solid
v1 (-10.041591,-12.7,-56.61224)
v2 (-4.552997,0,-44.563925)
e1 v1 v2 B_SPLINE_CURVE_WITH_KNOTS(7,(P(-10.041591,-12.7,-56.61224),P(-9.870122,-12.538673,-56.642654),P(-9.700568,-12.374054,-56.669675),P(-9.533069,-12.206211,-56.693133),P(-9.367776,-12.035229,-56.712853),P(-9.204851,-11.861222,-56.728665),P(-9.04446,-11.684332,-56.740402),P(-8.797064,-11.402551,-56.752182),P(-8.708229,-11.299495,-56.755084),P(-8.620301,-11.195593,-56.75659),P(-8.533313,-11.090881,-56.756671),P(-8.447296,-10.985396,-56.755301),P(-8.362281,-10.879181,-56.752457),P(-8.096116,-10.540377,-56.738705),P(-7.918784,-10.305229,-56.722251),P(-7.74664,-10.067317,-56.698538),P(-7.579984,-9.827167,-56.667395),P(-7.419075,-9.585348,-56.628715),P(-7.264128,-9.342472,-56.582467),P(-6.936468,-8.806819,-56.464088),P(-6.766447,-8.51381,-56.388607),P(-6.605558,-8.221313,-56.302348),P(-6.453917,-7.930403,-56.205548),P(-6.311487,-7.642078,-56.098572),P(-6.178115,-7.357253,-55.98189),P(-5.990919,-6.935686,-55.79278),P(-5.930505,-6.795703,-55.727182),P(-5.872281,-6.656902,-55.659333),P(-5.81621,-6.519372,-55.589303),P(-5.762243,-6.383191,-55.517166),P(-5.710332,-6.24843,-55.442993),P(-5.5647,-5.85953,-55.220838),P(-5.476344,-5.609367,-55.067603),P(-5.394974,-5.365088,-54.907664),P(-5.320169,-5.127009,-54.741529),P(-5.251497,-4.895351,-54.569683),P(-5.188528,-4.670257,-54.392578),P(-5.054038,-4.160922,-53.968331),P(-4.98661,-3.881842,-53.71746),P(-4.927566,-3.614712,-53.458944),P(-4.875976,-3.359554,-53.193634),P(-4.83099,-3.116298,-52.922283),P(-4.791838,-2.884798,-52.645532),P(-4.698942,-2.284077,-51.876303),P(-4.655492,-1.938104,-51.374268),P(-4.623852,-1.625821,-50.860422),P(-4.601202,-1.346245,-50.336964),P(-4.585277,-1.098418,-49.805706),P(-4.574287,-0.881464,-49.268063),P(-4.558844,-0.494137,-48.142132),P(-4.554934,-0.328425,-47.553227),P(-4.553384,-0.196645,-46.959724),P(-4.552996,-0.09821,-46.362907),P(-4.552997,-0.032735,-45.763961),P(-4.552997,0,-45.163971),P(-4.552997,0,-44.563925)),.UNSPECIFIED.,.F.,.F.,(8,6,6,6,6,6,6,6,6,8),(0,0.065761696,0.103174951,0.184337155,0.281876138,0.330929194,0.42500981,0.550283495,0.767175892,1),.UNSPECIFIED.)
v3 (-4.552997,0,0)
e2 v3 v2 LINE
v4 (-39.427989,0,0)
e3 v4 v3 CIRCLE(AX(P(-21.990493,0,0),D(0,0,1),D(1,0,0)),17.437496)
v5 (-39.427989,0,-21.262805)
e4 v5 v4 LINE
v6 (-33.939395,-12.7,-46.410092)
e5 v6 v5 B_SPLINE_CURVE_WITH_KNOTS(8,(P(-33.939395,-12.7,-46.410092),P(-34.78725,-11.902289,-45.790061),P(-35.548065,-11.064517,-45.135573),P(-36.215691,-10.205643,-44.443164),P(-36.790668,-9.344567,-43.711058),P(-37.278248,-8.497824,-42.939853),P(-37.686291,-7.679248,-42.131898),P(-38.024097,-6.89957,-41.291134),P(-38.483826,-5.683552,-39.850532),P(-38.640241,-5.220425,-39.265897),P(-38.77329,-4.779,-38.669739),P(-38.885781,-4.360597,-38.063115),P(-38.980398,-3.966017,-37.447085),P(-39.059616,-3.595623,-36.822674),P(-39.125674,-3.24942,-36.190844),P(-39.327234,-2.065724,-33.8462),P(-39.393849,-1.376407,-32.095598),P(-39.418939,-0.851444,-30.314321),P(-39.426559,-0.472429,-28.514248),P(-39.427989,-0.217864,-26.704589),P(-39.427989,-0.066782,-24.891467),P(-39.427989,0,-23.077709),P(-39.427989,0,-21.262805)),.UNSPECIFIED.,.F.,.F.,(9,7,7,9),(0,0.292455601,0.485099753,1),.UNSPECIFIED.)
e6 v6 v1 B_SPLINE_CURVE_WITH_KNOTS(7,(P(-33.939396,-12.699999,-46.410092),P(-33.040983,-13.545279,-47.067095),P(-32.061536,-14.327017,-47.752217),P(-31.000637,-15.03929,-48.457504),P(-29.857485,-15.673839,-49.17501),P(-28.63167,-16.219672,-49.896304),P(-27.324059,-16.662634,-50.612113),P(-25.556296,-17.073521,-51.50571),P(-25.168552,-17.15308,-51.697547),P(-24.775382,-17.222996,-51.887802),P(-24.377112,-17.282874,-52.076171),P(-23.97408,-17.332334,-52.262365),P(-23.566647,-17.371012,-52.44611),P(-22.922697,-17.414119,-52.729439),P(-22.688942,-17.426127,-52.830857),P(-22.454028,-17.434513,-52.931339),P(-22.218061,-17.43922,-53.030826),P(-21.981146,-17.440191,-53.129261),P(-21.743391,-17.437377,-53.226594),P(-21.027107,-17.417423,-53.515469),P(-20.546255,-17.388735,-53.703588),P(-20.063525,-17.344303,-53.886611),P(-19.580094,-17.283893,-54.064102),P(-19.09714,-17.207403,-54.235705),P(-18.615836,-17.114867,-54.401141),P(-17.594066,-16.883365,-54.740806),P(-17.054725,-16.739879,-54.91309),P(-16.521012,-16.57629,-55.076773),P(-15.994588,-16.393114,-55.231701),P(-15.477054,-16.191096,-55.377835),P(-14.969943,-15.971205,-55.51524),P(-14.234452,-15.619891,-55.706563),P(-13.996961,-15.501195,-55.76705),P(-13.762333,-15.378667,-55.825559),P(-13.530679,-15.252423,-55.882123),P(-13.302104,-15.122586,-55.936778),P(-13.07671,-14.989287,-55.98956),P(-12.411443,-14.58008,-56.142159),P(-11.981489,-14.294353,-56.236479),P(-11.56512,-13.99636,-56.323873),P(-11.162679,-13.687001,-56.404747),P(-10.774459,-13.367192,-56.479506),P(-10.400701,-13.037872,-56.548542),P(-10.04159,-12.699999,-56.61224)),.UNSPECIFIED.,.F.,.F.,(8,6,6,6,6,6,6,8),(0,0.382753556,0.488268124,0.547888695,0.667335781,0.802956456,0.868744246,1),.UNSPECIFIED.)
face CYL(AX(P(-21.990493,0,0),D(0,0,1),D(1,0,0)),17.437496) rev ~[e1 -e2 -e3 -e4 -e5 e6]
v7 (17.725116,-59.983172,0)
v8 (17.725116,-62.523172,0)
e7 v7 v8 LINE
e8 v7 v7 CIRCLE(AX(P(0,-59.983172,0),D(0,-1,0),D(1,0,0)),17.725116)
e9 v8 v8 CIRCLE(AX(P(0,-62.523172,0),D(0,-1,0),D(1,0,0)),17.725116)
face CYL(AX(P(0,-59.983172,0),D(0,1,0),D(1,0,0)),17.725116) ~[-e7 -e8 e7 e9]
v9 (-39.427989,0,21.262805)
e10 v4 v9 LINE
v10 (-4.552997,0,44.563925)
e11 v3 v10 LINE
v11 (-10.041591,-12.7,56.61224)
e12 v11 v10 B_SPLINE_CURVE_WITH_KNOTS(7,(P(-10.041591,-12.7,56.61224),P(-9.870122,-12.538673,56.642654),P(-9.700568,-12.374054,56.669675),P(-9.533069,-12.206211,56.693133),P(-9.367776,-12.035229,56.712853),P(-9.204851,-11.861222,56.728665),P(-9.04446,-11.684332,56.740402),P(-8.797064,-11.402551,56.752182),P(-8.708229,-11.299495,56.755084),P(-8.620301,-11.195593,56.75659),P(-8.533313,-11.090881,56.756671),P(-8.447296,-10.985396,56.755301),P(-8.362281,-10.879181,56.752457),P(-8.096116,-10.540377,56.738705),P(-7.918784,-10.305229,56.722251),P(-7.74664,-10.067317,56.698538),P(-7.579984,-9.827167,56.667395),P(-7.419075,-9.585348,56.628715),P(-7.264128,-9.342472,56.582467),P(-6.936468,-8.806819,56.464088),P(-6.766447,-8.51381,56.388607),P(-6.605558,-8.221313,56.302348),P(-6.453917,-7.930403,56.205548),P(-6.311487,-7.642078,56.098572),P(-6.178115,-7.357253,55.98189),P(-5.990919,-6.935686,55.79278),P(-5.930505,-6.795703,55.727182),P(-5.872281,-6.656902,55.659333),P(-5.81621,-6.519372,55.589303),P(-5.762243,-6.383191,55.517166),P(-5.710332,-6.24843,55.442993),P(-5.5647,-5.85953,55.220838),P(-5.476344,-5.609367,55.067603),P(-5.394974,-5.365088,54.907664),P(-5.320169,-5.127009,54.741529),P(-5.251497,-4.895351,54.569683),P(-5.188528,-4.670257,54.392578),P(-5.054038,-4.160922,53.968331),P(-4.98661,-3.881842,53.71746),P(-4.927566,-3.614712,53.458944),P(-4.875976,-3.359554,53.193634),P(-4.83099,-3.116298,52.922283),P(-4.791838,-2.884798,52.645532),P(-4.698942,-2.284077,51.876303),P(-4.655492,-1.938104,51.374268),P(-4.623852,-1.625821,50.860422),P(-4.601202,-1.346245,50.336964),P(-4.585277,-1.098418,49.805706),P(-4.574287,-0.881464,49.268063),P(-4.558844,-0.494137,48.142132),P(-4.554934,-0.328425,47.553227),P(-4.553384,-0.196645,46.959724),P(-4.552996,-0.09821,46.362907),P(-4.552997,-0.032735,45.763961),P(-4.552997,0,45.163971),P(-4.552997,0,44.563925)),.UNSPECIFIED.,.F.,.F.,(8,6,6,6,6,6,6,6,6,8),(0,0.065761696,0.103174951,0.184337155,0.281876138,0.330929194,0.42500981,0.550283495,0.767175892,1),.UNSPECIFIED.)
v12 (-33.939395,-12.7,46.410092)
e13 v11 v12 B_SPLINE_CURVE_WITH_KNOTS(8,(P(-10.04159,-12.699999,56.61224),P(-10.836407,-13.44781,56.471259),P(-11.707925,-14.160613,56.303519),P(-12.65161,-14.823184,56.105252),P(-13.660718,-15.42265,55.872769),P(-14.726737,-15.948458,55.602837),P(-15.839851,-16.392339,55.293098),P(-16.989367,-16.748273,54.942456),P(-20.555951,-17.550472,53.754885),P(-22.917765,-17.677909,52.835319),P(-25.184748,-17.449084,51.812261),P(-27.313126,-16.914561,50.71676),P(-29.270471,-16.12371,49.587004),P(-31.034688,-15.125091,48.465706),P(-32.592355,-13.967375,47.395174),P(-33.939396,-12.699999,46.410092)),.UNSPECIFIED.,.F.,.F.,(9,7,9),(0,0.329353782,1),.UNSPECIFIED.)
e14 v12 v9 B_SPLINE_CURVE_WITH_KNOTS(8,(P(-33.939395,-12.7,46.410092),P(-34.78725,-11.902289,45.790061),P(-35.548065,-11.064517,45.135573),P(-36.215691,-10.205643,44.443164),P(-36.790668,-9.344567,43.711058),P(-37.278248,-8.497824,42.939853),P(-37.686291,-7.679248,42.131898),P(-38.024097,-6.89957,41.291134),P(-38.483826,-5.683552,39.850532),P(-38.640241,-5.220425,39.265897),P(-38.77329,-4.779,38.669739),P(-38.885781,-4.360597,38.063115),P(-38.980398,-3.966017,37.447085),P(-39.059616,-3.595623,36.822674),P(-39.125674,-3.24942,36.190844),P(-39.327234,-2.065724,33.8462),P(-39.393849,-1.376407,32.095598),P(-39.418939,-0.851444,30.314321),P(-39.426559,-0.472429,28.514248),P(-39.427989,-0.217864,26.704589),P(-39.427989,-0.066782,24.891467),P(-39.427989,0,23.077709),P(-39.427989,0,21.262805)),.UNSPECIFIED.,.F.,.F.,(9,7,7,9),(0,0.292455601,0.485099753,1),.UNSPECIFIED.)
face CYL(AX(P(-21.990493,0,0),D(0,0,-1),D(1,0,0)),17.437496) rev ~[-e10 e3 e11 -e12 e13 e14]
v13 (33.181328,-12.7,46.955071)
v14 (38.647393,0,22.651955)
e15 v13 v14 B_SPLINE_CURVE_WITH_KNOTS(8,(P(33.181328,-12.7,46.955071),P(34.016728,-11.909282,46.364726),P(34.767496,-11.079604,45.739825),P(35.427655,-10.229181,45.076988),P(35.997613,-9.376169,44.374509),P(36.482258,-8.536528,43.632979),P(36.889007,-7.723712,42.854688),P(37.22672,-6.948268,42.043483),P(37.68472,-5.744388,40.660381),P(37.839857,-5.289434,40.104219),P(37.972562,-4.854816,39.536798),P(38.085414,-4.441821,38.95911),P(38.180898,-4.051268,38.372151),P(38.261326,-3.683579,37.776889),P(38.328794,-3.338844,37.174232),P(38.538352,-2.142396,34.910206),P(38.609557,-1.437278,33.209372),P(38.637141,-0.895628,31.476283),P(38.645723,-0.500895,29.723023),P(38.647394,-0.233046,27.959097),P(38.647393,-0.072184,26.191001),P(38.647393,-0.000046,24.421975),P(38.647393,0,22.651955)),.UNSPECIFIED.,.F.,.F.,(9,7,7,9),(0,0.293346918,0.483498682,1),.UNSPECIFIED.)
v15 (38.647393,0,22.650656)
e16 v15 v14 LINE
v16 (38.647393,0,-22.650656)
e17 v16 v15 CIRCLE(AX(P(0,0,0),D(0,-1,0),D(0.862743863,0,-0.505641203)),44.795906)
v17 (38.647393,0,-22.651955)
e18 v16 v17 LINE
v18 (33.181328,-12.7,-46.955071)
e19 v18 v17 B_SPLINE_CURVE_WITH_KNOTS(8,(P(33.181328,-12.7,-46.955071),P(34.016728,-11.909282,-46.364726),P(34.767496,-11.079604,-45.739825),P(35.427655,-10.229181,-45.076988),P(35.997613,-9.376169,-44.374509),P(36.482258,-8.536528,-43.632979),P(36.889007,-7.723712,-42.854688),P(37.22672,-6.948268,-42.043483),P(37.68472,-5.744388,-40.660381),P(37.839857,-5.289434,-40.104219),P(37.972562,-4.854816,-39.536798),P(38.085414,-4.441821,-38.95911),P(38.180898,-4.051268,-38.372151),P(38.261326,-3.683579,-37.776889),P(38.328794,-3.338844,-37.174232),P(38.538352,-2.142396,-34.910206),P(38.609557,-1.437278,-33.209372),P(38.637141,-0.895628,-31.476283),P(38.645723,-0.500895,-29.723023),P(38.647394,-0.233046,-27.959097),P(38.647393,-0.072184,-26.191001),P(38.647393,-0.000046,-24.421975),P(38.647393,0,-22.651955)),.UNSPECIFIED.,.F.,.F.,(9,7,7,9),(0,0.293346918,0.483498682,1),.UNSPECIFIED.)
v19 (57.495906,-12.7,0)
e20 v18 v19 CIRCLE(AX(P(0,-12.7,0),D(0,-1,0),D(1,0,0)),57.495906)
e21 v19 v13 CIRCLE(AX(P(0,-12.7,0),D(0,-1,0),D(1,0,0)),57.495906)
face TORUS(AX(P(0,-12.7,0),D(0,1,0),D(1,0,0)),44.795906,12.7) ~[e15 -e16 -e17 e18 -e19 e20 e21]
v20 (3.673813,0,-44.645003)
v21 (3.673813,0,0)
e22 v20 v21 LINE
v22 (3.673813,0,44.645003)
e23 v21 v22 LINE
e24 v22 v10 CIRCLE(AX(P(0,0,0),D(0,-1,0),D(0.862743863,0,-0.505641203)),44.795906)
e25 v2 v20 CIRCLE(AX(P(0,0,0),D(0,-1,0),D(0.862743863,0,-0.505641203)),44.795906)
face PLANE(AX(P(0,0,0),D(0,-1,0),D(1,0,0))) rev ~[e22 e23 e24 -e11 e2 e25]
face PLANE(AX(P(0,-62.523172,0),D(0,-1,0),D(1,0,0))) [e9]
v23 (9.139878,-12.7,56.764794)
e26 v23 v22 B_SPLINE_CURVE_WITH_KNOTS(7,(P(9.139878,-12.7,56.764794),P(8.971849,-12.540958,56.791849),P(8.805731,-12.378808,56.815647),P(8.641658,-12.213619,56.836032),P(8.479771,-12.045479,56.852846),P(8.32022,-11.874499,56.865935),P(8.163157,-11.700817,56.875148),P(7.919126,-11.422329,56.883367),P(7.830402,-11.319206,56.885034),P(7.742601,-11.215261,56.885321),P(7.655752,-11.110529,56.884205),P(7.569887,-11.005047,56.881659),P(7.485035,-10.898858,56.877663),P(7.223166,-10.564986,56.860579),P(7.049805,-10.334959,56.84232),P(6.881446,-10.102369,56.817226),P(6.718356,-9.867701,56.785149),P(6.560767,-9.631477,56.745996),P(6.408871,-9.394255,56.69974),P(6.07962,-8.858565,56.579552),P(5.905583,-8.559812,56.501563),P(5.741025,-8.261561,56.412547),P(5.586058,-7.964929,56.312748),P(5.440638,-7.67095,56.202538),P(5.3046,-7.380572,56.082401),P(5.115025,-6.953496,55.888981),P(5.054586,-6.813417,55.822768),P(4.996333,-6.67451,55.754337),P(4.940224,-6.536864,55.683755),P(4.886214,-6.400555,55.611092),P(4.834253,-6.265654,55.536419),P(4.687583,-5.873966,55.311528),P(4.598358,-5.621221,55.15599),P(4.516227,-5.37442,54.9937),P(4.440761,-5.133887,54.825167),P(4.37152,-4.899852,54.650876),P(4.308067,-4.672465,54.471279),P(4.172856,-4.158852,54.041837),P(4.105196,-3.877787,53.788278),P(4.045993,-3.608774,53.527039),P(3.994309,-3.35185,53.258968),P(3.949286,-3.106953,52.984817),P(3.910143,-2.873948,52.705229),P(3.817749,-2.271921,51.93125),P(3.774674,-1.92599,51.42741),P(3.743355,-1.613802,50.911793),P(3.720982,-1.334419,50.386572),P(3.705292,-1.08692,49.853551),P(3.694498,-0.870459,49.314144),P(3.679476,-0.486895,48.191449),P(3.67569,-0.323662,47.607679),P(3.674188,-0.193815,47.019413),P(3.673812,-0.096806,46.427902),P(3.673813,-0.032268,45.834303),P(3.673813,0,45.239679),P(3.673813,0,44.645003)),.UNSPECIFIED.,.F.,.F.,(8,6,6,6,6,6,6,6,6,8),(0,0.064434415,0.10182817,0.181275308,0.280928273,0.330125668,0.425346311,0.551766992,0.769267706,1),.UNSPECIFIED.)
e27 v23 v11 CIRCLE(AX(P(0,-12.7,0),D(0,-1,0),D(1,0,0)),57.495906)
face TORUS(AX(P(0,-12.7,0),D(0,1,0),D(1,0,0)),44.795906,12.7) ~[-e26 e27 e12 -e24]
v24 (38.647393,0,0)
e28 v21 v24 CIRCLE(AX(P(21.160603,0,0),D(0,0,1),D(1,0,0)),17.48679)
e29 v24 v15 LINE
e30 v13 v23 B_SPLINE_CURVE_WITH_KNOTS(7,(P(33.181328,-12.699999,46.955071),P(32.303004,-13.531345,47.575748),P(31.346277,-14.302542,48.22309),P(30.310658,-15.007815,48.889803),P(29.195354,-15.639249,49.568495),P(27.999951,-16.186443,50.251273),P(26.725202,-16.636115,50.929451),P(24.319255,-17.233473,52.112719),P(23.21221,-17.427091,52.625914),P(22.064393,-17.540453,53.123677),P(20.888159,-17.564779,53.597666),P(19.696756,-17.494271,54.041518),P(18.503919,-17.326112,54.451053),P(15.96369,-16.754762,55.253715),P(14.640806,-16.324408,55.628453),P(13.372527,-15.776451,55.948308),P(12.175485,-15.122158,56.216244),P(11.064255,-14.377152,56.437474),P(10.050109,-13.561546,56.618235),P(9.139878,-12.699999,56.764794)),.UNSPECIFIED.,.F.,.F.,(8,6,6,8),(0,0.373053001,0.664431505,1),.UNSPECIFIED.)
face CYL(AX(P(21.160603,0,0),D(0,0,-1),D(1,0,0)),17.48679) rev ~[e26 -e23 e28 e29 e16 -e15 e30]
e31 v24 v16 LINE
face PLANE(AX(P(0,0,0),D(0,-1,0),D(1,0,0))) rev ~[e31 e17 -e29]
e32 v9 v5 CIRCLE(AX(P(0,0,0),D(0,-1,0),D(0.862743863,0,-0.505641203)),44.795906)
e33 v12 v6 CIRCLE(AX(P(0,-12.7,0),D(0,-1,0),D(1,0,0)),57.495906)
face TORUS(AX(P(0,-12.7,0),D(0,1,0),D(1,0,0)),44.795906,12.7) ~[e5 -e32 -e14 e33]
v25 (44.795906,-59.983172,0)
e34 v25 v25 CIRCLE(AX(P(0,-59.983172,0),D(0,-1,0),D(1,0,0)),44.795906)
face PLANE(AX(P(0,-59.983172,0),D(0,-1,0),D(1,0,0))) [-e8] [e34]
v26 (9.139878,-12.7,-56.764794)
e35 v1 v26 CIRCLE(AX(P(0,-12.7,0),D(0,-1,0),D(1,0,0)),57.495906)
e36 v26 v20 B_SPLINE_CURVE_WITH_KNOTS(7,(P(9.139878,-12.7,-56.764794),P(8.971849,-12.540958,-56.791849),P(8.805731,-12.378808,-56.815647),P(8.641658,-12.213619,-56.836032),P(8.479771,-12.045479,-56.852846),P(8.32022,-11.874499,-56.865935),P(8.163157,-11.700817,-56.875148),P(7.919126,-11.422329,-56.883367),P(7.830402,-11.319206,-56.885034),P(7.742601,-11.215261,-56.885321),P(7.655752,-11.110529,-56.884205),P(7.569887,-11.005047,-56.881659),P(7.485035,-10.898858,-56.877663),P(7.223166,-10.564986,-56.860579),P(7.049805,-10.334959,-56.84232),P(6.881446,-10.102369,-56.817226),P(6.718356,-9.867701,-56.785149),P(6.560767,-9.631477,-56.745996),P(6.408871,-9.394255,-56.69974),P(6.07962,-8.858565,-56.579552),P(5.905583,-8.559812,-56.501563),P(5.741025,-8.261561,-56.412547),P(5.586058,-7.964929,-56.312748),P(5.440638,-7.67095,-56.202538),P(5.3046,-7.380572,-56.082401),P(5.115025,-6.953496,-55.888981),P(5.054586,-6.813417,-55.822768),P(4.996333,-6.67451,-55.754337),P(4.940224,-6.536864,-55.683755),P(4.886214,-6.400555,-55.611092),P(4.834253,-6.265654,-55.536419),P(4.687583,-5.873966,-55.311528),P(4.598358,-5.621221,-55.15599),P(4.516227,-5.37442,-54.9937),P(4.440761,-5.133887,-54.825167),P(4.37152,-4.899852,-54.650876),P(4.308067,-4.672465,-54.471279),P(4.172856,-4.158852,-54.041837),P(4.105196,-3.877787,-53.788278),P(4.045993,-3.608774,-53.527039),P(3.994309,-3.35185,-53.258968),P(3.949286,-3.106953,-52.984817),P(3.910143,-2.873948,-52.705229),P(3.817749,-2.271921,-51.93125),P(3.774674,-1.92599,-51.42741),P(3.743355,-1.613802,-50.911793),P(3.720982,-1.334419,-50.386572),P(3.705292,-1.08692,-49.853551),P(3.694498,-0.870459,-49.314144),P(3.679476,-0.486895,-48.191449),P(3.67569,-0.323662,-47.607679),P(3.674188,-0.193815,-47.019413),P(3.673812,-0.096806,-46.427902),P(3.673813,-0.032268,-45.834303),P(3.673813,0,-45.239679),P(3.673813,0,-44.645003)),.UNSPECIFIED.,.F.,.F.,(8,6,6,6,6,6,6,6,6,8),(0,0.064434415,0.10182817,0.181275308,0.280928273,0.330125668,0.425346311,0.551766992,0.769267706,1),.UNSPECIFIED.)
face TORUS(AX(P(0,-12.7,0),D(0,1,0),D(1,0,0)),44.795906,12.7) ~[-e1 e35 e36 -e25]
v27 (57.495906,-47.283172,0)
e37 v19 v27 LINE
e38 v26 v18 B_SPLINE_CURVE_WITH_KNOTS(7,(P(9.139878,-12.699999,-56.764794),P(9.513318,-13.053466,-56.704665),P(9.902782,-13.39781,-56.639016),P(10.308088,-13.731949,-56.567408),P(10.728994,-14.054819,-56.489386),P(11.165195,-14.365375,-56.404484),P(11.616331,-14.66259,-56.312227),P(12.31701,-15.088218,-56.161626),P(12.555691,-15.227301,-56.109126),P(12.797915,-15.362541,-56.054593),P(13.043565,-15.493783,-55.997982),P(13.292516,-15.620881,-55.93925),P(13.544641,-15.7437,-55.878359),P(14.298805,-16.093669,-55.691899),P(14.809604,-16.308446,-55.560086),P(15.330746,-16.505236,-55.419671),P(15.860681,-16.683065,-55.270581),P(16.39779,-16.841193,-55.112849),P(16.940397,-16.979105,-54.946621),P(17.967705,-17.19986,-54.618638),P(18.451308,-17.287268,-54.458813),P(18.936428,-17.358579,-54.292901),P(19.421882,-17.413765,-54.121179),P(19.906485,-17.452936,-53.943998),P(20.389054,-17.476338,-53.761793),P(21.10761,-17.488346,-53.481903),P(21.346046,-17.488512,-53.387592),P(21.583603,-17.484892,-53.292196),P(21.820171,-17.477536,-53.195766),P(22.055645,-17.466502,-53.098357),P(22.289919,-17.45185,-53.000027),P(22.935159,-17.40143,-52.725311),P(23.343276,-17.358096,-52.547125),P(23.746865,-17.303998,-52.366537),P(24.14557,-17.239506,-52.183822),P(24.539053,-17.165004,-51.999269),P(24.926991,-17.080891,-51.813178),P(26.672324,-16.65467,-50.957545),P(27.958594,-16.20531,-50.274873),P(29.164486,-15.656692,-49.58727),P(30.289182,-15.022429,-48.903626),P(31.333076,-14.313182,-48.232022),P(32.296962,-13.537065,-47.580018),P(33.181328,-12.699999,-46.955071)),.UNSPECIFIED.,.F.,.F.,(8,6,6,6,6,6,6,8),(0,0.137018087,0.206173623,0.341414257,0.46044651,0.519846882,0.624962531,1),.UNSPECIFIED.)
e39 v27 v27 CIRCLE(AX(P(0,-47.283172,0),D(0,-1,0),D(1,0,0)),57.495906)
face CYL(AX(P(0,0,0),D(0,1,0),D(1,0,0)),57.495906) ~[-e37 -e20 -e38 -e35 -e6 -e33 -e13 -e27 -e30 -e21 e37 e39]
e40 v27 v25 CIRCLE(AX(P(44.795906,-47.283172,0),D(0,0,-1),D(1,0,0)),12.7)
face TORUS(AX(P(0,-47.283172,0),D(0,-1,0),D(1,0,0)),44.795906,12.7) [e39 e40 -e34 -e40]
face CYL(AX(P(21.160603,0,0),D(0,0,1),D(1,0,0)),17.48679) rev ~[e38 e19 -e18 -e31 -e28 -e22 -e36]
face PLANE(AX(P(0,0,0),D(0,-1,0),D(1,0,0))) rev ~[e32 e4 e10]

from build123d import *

# Parameters (mm, degrees)
F0_R      = 57.495906
F1_DEPTH  = 59.983172
F2_R      = 12.7
F3_R      = 12.7
F4_R      = 17.725116
F5_DEPTH  = 2.54
F6_R      = 17.48679
F8_DEPTH  = 68.421327
F7_R      = 17.437496
F9_DEPTH  = 79.699665
F11_DEPTH = 109.126121


with BuildPart() as f1:
    # F0 (on Front) → F1 (new body)
    with BuildSketch(Plane.XZ):
        Circle(F0_R)
    extrude(amount=F1_DEPTH)

    # F2
    f2_edges = [f1.edges().sort_by_distance(p)[0] for p in [
        (-57.495906, -59.983172, 0),
    ]]
    fillet(f2_edges, radius=F2_R)

    # F3
    f3_edges = [f1.edges().sort_by_distance(p)[0] for p in [
        (-57.495906, 0, 0),
    ]]
    fillet(f3_edges, radius=F3_R)

    # F4 (on face) → F5 (join)
    with BuildSketch(Plane.XZ.offset(59.983172)):
        Circle(F4_R)
    extrude(amount=F5_DEPTH)

    # F6 (on Top) → F8 (cut)
    with BuildSketch(Plane.XY):
        with Locations((21.160603, 0)):
            Circle(F6_R)
    extrude(amount=-F8_DEPTH, mode=Mode.SUBTRACT)

    # F7 (on Top) → F9 (cut)
    with BuildSketch(Plane.XY):
        with Locations((-21.990493, 0)):
            Circle(F7_R)
    extrude(amount=-F9_DEPTH, mode=Mode.SUBTRACT)

    # F9_face (on face) + F8_face (on face) → F11 (cut)
    with BuildSketch(Plane(origin=(-21.990493, -7.400703, 0), x_dir=(1, 0, 0), z_dir=(0, 0, -1))):
        with BuildLine():
            ThreePointArc((17.437496, -7.400703), (0, 10.036793), (-17.437496, -7.400703))
            Line((-17.437496, -7.400703), (17.437496, -7.400703))
        make_face()
    with BuildSketch(Plane(origin=(21.160603, -7.421624, 0), x_dir=(1, 0, 0), z_dir=(0, 0, -1))):
        with BuildLine():
            ThreePointArc((17.48679, -7.421624), (0, 10.065166), (-17.48679, -7.421624))
            Line((-17.48679, -7.421624), (17.48679, -7.421624))
        make_face()
    extrude(amount=-F11_DEPTH, mode=Mode.SUBTRACT)


solid = f1.part
